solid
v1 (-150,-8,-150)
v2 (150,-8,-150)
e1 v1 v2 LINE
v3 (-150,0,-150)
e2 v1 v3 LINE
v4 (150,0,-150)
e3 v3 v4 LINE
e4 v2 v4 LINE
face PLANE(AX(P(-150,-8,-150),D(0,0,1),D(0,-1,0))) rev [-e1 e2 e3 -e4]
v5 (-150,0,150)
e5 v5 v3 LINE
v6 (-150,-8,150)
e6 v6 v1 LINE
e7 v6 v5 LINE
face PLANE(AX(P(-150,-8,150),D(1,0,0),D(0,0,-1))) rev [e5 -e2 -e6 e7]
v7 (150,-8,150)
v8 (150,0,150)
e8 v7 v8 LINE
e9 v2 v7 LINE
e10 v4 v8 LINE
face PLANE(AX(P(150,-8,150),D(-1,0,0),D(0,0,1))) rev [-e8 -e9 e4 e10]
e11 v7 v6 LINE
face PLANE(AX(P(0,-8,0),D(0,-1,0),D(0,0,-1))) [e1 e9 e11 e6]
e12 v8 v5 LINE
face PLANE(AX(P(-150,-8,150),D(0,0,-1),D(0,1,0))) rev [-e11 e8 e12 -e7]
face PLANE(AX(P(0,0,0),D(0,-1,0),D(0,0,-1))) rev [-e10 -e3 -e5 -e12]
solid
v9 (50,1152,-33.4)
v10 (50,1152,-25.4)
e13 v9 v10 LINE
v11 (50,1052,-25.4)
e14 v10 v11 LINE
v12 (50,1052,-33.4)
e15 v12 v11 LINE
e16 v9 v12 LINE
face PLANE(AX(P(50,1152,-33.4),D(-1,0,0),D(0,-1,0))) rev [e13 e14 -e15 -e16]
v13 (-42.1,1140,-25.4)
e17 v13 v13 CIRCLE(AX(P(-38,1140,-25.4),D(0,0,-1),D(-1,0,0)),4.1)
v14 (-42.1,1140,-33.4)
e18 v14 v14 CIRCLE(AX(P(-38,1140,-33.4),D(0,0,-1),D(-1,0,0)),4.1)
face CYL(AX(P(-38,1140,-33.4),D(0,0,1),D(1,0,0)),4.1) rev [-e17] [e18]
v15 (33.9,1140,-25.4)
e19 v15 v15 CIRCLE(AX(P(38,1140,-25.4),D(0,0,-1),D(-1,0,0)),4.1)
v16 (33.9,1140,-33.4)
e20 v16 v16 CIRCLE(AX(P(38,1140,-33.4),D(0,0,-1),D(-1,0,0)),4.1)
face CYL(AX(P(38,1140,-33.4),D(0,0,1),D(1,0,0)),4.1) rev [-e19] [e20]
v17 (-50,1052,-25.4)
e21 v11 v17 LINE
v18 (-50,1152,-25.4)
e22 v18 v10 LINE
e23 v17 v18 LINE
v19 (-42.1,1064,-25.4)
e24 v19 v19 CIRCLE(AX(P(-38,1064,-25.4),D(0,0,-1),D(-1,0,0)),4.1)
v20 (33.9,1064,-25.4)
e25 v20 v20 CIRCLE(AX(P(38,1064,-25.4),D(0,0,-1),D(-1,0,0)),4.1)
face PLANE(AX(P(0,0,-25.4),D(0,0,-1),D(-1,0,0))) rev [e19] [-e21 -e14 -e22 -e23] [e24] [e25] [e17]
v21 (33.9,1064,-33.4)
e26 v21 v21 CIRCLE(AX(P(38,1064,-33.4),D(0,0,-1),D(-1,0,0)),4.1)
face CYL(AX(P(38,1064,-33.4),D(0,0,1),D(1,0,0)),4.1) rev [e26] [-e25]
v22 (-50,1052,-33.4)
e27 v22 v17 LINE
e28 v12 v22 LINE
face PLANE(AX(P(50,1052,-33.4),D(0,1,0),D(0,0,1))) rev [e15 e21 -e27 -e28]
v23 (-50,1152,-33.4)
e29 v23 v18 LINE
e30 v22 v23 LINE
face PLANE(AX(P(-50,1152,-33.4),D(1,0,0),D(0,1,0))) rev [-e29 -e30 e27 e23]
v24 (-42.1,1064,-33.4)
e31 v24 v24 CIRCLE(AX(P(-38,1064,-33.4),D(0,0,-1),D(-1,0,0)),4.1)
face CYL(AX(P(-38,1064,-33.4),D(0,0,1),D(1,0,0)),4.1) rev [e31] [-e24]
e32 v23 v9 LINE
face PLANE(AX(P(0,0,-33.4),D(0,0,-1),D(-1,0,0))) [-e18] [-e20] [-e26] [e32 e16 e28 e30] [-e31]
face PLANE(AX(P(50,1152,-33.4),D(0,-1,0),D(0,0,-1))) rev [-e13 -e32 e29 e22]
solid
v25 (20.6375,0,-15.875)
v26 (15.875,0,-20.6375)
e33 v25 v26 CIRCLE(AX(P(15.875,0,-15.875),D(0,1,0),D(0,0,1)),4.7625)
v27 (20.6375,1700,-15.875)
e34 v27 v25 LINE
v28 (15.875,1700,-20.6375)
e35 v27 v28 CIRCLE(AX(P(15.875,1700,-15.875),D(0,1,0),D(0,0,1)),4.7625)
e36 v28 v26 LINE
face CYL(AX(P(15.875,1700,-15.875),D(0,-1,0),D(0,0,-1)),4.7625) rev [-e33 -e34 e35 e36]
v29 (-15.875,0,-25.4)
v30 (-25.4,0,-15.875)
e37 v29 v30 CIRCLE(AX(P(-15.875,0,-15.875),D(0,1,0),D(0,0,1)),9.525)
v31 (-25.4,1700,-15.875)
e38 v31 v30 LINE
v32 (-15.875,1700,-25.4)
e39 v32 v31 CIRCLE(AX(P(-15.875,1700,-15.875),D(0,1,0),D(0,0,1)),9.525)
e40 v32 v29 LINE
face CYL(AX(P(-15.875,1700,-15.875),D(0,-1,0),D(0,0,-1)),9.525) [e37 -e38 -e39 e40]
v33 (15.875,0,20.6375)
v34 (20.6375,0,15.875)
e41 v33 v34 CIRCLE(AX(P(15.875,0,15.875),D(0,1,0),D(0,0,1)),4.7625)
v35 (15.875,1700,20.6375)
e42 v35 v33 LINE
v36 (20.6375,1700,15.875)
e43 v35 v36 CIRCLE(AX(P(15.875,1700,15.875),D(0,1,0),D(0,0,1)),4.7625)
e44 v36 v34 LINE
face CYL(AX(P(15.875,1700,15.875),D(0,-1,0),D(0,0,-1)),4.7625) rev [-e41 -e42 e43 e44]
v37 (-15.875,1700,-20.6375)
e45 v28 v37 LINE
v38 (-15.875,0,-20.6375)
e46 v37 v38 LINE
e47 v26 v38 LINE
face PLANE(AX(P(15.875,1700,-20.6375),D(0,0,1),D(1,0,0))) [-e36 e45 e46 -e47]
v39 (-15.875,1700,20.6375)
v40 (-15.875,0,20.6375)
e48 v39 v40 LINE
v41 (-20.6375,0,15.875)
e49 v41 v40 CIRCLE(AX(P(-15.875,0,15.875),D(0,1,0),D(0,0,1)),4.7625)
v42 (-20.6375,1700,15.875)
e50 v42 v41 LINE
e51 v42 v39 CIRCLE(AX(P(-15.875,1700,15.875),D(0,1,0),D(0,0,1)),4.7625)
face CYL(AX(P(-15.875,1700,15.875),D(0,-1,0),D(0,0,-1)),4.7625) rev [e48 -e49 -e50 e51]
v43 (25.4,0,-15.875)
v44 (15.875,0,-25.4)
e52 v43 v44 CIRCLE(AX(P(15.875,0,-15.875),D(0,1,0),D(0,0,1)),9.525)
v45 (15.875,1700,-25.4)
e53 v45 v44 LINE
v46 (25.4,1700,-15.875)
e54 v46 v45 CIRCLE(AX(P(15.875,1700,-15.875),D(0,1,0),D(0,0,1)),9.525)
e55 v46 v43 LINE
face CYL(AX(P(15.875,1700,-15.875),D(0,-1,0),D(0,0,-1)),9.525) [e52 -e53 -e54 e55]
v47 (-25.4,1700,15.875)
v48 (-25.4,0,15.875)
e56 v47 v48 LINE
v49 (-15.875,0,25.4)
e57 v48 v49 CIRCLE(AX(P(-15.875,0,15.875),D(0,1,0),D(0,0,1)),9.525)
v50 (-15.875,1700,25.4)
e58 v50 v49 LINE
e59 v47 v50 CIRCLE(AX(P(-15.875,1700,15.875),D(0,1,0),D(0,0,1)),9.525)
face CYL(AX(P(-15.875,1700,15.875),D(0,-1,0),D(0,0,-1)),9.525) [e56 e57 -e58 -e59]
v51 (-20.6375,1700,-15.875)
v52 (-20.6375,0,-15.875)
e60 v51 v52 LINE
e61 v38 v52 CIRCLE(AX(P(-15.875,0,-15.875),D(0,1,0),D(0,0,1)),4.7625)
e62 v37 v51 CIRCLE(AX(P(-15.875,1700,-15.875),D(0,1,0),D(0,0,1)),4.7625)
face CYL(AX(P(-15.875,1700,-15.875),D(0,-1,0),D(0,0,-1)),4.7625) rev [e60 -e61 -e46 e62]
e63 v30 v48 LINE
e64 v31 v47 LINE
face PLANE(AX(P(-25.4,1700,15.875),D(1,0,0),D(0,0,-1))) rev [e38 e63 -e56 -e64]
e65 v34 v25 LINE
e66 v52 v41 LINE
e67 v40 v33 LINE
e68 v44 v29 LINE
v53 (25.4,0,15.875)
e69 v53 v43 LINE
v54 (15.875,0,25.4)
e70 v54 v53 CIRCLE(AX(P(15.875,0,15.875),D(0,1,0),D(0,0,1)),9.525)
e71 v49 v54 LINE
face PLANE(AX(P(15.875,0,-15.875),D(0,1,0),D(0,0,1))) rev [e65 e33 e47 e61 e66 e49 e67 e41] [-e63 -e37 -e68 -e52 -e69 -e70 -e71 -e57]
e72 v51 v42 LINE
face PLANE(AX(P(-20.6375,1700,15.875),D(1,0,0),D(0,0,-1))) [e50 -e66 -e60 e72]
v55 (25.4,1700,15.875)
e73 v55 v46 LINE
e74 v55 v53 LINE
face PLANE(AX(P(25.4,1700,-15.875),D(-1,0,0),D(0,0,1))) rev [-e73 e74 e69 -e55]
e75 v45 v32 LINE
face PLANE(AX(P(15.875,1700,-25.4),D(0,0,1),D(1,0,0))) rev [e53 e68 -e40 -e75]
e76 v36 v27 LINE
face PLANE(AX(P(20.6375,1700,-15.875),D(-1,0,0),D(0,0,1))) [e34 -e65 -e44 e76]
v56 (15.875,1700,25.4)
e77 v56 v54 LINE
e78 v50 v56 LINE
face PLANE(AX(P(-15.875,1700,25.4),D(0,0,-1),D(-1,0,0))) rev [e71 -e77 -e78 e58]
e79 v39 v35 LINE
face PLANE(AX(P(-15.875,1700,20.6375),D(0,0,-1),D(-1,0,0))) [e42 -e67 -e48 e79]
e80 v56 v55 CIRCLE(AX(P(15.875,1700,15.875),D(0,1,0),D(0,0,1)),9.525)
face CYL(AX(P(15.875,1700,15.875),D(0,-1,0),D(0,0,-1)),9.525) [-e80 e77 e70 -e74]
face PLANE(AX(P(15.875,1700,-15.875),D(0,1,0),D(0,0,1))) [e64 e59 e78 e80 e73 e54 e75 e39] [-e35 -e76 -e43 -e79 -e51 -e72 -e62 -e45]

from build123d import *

# Parameters (mm, degrees)
RURA_CIENKO_CIENNA_KWADRATOWA_TS2X2X0_18_DEPTH = 1700
SZKIC5_W                                       = 300
SZKIC5_H                                       = 300
DODANIE_WYCI_GNI_CIE1_DEPTH                    = 8
SZKIC6_W                                       = 100
SZKIC6_H                                       = 100
SZKIC6_R                                       = 4.1
DODANIE_WYCI_GNI_CIE2_DEPTH                    = 8


with BuildPart() as part:
    # Sketch12 → Rura cienkościenna kwadratowa TS2X2X0.1875(1) (new body)
    with BuildSketch(Plane(origin=(0, 0, 0), x_dir=(1, 0, 0), z_dir=(0, 1, 0))):
        with BuildLine():
            Line((-15.875, -25.4), (15.875, -25.4))
            ThreePointArc((15.875, -25.4), (22.610192091, -22.610192091), (25.4, -15.875))
            Line((25.4, -15.875), (25.4, 15.875))
            ThreePointArc((25.4, 15.875), (22.610192091, 22.610192091), (15.875, 25.4))
            Line((15.875, 25.4), (-15.875, 25.4))
            ThreePointArc((-15.875, 25.4), (-22.610192091, 22.610192091), (-25.4, 15.875))
            Line((-25.4, 15.875), (-25.4, -15.875))
            ThreePointArc((-25.4, -15.875), (-22.610192091, -22.610192091), (-15.875, -25.4))
        make_face()
        with BuildLine():
            Line((-15.875, -20.6375), (15.875, -20.6375))
            ThreePointArc((15.875, -20.6375), (19.242596045, -19.242596045), (20.6375, -15.875))
            Line((20.6375, -15.875), (20.6375, 15.875))
            ThreePointArc((20.6375, 15.875), (19.242596045, 19.242596045), (15.875, 20.6375))
            Line((15.875, 20.6375), (-15.875, 20.6375))
            ThreePointArc((-15.875, 20.6375), (-19.242596045, 19.242596045), (-20.6375, 15.875))
            Line((-20.6375, 15.875), (-20.6375, -15.875))
            ThreePointArc((-20.6375, -15.875), (-19.242596045, -19.242596045), (-15.875, -20.6375))
        make_face(mode=Mode.SUBTRACT)
    extrude(amount=RURA_CIENKO_CIENNA_KWADRATOWA_TS2X2X0_18_DEPTH)


with BuildPart() as body_2:
    # Szkic5 → Dodanie-wyciągnięcie1 (new body)
    with BuildSketch(Plane.XZ):
        Rectangle(SZKIC5_W, SZKIC5_H)
    extrude(amount=DODANIE_WYCI_GNI_CIE1_DEPTH)


with BuildPart() as body_3:
    # Szkic6 → Dodanie-wyciągnięcie2 (new body)
    with BuildSketch(Plane(origin=(0, 0, -25.4), x_dir=(-1, 0, 0), z_dir=(0, 0, -1))):
        with Locations((0, 1102)):
            Rectangle(SZKIC6_W, SZKIC6_H)
        with Locations((-38, 1140)):
            Circle(SZKIC6_R, mode=Mode.SUBTRACT)
        with Locations((38, 1140)):
            Circle(SZKIC6_R, mode=Mode.SUBTRACT)
        with Locations((38, 1064)):
            Circle(SZKIC6_R, mode=Mode.SUBTRACT)
        with Locations((-38, 1064)):
            Circle(SZKIC6_R, mode=Mode.SUBTRACT)
    extrude(amount=DODANIE_WYCI_GNI_CIE2_DEPTH)


solid = Compound([part.part, body_2.part, body_3.part])
